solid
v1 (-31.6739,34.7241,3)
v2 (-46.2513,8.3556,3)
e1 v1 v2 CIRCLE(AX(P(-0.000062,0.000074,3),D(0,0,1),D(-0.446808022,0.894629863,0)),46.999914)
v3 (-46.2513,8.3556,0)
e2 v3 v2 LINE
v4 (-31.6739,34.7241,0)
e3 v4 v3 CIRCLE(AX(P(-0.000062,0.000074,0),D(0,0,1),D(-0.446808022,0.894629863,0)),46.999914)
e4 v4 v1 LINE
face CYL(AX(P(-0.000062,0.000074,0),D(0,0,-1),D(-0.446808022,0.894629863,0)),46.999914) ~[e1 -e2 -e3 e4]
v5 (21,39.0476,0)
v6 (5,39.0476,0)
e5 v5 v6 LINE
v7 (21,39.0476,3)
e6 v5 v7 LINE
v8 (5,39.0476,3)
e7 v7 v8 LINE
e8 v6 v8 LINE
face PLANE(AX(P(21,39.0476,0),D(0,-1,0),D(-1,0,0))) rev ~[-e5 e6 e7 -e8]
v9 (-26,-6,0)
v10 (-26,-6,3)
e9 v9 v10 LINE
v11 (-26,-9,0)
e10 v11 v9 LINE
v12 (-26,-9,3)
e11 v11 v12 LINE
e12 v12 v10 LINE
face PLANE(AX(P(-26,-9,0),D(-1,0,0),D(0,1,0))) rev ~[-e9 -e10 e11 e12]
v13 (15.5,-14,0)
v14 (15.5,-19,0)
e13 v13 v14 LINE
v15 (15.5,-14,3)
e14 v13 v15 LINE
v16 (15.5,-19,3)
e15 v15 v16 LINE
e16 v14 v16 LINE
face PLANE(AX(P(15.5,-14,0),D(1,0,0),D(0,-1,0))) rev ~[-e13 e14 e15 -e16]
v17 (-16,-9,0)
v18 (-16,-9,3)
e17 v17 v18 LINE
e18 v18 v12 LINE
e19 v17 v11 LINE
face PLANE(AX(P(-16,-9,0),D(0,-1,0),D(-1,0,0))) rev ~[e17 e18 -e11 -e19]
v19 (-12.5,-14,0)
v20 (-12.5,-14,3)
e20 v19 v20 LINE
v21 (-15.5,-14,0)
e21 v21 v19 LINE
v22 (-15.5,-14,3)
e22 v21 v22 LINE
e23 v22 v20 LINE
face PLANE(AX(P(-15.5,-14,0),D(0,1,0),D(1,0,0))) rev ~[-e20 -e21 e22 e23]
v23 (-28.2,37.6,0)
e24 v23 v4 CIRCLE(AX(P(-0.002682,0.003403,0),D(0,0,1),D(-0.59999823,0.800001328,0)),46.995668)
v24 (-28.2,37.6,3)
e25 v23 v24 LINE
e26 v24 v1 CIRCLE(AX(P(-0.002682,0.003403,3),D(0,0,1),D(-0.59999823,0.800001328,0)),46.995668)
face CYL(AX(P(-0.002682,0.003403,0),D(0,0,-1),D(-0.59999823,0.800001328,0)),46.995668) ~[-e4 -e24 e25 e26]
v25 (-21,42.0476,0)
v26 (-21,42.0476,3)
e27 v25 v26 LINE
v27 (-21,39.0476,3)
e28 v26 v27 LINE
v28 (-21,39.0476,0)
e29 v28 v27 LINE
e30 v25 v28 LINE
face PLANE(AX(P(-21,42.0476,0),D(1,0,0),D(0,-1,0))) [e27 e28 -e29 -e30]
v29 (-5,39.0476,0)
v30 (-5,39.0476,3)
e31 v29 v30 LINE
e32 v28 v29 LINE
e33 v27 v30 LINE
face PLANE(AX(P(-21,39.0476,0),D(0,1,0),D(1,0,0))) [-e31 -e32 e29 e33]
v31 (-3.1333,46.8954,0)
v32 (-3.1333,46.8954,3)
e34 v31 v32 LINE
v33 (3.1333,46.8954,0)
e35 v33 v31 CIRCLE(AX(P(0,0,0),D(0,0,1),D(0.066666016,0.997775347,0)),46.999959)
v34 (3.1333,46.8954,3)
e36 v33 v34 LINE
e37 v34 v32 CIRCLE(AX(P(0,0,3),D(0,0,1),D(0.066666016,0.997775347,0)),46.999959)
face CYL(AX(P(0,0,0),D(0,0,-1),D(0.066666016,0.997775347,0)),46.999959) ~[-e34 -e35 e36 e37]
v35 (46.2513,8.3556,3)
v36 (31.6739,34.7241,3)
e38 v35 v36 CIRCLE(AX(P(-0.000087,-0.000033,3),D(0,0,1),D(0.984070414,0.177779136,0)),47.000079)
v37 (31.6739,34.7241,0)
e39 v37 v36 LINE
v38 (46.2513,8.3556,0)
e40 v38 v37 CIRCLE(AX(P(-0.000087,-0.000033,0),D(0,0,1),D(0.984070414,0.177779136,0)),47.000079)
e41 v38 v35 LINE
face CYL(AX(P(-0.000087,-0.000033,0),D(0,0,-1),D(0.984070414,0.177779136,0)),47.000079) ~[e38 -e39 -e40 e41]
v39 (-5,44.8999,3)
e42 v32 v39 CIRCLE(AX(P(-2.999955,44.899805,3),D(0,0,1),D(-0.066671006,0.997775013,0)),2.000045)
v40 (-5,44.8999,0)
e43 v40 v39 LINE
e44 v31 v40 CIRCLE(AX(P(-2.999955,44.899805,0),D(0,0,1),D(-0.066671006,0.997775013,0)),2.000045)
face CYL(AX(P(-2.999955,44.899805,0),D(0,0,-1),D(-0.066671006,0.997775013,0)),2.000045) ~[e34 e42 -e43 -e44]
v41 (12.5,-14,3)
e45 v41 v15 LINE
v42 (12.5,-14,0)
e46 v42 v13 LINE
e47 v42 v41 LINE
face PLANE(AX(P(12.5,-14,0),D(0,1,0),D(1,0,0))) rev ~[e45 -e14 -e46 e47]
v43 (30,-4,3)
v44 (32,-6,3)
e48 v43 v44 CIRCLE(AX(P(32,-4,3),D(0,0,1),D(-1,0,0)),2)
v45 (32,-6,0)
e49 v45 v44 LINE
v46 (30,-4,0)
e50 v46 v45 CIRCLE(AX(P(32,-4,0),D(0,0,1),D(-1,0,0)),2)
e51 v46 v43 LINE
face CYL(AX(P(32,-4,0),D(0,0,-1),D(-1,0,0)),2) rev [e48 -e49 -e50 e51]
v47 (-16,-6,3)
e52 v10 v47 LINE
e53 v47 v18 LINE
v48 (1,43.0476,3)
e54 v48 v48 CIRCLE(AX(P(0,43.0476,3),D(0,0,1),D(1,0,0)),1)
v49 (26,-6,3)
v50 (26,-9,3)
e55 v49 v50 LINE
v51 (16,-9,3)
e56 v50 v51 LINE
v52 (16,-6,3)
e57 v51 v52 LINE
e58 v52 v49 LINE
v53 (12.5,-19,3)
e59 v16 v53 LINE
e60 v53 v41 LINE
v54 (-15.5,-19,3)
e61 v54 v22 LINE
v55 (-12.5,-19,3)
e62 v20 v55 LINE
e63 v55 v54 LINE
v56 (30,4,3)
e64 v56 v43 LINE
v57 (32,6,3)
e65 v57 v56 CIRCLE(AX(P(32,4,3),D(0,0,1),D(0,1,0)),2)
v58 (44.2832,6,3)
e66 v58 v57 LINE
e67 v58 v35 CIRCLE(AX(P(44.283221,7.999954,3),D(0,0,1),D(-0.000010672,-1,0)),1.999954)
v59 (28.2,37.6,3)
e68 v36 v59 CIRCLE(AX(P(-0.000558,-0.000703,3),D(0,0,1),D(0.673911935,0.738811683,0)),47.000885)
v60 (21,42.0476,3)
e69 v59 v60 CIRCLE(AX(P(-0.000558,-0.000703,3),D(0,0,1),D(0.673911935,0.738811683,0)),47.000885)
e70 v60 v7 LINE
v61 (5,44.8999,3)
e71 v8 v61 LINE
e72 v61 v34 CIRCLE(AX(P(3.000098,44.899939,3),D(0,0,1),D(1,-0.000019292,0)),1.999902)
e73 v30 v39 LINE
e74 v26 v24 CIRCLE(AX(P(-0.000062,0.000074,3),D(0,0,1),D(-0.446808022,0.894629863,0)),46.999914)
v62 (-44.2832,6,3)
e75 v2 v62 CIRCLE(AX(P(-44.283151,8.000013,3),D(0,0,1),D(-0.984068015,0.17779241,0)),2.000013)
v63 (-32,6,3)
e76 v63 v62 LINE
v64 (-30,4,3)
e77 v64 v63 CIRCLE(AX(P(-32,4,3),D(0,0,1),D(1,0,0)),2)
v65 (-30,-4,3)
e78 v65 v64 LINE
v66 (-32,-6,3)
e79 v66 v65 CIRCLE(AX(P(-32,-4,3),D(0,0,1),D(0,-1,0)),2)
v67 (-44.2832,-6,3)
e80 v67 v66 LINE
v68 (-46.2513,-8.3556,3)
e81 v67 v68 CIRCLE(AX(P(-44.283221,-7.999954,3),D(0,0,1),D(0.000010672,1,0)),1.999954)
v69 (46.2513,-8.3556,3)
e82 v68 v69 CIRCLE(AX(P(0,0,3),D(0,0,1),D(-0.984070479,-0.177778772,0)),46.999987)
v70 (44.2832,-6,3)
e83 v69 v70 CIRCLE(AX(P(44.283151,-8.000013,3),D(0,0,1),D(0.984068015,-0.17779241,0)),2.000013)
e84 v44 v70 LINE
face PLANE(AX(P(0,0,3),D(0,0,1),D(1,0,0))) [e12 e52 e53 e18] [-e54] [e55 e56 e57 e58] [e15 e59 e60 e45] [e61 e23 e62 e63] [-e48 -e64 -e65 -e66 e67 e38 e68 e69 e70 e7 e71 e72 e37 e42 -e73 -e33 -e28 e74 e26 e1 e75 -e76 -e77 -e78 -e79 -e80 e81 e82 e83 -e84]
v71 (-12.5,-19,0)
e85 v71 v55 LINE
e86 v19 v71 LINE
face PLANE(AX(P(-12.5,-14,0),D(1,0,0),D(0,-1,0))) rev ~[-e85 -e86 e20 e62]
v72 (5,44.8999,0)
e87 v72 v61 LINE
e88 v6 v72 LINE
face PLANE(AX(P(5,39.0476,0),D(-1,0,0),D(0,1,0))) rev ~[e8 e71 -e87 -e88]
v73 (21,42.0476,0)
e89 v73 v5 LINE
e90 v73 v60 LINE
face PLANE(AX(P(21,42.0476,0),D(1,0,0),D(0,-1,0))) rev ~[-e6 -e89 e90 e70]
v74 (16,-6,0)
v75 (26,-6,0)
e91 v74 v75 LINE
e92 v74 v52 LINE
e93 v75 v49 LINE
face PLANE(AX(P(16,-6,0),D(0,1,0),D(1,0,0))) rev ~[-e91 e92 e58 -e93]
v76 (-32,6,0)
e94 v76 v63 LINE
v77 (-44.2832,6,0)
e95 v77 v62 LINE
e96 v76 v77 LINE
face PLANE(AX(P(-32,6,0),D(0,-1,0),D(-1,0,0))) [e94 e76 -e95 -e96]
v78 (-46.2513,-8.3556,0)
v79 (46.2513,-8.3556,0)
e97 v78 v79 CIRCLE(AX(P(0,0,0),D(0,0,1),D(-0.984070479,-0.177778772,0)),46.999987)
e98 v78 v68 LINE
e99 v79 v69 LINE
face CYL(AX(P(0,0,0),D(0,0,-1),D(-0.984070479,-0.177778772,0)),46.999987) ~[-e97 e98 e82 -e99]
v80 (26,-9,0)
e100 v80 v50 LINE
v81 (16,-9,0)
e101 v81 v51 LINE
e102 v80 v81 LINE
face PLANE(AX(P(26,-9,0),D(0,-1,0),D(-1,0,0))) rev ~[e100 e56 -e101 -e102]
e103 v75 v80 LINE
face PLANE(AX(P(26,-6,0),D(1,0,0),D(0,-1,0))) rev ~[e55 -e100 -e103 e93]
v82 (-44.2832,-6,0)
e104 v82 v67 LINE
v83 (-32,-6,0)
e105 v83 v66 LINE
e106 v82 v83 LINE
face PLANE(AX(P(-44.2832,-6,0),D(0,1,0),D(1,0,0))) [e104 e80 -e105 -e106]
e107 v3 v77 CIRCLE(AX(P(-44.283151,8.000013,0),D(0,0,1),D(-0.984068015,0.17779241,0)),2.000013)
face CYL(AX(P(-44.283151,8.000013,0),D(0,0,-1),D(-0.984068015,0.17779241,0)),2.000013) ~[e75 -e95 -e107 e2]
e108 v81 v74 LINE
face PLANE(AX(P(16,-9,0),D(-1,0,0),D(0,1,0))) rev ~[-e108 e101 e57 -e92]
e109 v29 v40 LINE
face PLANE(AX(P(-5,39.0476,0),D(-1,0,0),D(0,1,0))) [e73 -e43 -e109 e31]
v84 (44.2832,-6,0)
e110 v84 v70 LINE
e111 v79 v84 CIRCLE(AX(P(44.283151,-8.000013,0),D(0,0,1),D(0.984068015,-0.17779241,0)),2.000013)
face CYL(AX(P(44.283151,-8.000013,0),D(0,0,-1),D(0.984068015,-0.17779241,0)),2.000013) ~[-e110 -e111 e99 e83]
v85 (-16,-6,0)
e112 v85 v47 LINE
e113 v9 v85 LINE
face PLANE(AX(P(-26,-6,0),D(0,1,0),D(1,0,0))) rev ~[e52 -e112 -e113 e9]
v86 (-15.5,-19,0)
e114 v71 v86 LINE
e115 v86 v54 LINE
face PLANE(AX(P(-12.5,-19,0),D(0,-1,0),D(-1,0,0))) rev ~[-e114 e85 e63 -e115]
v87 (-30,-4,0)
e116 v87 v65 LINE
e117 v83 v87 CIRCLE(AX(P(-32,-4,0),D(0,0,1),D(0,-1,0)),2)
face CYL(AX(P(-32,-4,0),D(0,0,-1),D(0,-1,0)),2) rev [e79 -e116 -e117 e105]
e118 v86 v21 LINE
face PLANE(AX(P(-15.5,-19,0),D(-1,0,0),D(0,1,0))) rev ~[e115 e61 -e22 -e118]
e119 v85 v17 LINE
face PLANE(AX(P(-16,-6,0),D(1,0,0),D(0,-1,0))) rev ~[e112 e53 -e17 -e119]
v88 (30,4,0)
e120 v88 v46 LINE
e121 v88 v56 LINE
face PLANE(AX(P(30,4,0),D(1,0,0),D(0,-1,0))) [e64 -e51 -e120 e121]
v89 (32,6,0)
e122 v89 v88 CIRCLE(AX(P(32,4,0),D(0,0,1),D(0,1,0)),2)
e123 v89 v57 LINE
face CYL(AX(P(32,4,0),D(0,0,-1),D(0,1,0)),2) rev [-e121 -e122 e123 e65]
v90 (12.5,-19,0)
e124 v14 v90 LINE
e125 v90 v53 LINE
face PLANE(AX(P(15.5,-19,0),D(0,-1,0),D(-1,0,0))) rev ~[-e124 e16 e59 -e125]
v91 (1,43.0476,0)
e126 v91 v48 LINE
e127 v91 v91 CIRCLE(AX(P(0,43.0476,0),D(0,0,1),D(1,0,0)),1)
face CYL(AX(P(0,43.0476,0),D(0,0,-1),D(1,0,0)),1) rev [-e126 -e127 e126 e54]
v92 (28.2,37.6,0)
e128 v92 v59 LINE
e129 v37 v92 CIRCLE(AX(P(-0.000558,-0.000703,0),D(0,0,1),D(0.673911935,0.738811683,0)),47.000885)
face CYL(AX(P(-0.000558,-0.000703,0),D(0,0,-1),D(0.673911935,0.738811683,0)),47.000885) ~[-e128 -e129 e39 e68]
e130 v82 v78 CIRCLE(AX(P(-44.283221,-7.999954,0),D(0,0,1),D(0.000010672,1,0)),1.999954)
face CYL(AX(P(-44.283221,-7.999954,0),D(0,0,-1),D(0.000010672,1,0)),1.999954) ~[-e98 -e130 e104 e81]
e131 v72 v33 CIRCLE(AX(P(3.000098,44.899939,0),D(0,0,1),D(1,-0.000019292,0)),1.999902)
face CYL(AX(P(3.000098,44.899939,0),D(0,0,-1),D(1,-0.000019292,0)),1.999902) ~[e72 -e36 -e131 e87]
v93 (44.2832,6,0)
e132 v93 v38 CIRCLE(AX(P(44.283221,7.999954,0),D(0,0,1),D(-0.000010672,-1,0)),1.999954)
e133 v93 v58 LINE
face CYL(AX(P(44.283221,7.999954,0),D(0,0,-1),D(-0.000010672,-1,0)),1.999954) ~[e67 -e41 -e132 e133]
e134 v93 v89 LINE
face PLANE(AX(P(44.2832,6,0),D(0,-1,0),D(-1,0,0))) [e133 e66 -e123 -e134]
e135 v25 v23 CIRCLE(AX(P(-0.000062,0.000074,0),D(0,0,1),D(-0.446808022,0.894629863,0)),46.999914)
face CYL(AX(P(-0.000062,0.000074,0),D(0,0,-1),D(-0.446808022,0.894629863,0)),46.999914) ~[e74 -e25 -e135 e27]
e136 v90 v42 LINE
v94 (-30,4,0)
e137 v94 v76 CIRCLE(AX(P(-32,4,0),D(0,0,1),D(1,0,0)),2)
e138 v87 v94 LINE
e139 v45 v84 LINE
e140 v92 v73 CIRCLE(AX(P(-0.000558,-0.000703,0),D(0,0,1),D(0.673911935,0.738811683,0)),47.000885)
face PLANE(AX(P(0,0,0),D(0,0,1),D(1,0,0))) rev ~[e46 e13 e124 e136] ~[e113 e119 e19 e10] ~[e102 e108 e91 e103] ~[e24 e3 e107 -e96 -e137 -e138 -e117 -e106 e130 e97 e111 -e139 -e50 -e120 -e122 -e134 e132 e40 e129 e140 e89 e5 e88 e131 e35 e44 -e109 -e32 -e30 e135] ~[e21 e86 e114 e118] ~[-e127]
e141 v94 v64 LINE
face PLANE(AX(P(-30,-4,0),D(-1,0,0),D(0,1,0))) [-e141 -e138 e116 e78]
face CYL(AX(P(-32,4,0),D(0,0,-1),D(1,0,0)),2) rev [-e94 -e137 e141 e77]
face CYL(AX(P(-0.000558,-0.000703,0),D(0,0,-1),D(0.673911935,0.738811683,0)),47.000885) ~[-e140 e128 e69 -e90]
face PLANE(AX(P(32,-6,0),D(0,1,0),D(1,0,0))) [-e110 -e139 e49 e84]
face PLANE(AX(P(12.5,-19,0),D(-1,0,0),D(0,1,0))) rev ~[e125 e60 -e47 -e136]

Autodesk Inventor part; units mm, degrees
ref_plane "YZ Plane" through (0, 0, 0) normal (1, 0, 0) x (0, 1, 0)
ref_plane "XZ Plane" through (0, 0, 0) normal (0, 1, 0) x (-1, 0, 0)
ref_plane "XY Plane" through (0, 0, 0) normal (0, 0, 1) x (1, 0, 0)
sketch "Sketch1" plane through (0, 0, 0) normal (0, 0, 1) x (1, 0, 0)
  line L0 (-26, -6) -> (-16, -6)
  line L1 (-16, -6) -> (-16, -9)
  line L2 (-16, -9) -> (-26, -9)
  line L3 (-26, -9) -> (-26, -6)
  line L4 (16, -6) -> (26, -6)
  line L5 (26, -6) -> (26, -9)
  line L6 (26, -9) -> (16, -9)
  line L7 (16, -9) -> (16, -6)
  line L8 (-15.5, -14) -> (-12.5, -14)
  line L9 (-12.5, -14) -> (-12.5, -19)
  line L10 (-12.5, -19) -> (-15.5, -19)
  line L11 (-15.5, -19) -> (-15.5, -14)
  line L12 (12.5, -14) -> (15.5, -14)
  line L13 (15.5, -14) -> (15.5, -19)
  line L14 (15.5, -19) -> (12.5, -19)
  line L15 (12.5, -19) -> (12.5, -14)
  arc A0 (31.6739, 34.7241) -> (21, 42.0476) centre (0, 0) ccw
  arc A1 (-28.2, 37.6) -> (-31.6739, 34.7241) centre (0, 0) ccw
  line L16 (21, 42.0476) -> (21, 39.0476)
  line L17 (21, 39.0476) -> (5, 39.0476)
  line L18 (-21, 42.0476) -> (-21, 39.0476)
  line L19 (-21, 39.0476) -> (-5, 39.0476)
  line L20 (-5, 39.0476) -> (-5, 44.8999)
  line L21 (5, 39.0476) -> (5, 44.8999)
  arc A2 (3.1333, 46.8954) -> (-3.1333, 46.8954) centre (0, 0) ccw
  circle A3 centre (0, 43.0476) radius 1
  arc A4 (-3.1333, 46.8954) -> (-5, 44.8999) centre (-3, 44.8999) ccw
  arc A5 (5, 44.8999) -> (3.1333, 46.8954) centre (3, 44.8999) ccw
  line L22 (-44.2832, -6) -> (-32, -6)
  line L23 (-30, -4) -> (-30, 4)
  line L24 (-32, 6) -> (-44.2832, 6)
  arc A6 (-21, 42.0476) -> (-46.2513, 8.3556) centre (0, 0) ccw
  line L25 (44.2832, 6) -> (32, 6)
  line L26 (30, 4) -> (30, -4)
  line L27 (32, -6) -> (44.2832, -6)
  arc A7 (-46.2513, -8.3556) -> (46.2513, -8.3556) centre (0, 0) ccw
  arc A8 (46.2513, 8.3556) -> (28.2, 37.6) centre (0, 0) ccw
  arc A9 (44.2832, 6) -> (46.2513, 8.3556) centre (44.2832, 8) ccw
  arc A10 (32, 6) -> (30, 4) centre (32, 4) ccw
  arc A11 (30, -4) -> (32, -6) centre (32, -4) ccw
  arc A12 (46.2513, -8.3556) -> (44.2832, -6) centre (44.2832, -8) ccw
  arc A13 (-46.2513, 8.3556) -> (-44.2832, 6) centre (-44.2832, 8) ccw
  arc A14 (-30, 4) -> (-32, 6) centre (-32, 4) ccw
  arc A15 (-32, -6) -> (-30, -4) centre (-32, -4) ccw
  arc A16 (-44.2832, -6) -> (-46.2513, -8.3556) centre (-44.2832, -8) ccw
  point P0 (-5, 46.7333)
  point P1 (5, 46.7333)
  point P2 (-46.6154, -6)
  point P3 (-46.6154, 6)
  point P4 (46.6154, -6)
  point P5 (46.6154, 6)
  dimension "d3" = 10
  dimension "d4" = 10
  dimension "d5" = 3
  dimension "d6" = 3
  dimension "d7" = 32
  dimension "d8" = 16
  dimension "d12" = 6
  dimension "d13" = 6
  dimension "d14" = 3
  dimension "d15" = 5
  dimension "d16" = 5
  dimension "d17" = 3
  dimension "d18" = 25
  dimension "d19" = 12.5
  dimension "d20" = 5
  dimension "d21" = 5
  dimension "d30" = 3
  dimension "d31" = 3
  dimension "d37" = 47
  dimension "d38" = 10
  dimension "d39" = 16
  dimension "d40" = 16
  dimension "d41" = 2
  dimension "d42" = 4
  dimension "d43" = 5
  dimension "d44" = 5
  dimension "d45" = 2
  dimension "d46" = 30
  dimension "d47" = 30
  dimension "d48" = 2
extrude "Extrusion2" add sketch "Sketch1" along normal blind 3
properties part number "OpenROV_Dev_EChassis_Pivot_Plate"
